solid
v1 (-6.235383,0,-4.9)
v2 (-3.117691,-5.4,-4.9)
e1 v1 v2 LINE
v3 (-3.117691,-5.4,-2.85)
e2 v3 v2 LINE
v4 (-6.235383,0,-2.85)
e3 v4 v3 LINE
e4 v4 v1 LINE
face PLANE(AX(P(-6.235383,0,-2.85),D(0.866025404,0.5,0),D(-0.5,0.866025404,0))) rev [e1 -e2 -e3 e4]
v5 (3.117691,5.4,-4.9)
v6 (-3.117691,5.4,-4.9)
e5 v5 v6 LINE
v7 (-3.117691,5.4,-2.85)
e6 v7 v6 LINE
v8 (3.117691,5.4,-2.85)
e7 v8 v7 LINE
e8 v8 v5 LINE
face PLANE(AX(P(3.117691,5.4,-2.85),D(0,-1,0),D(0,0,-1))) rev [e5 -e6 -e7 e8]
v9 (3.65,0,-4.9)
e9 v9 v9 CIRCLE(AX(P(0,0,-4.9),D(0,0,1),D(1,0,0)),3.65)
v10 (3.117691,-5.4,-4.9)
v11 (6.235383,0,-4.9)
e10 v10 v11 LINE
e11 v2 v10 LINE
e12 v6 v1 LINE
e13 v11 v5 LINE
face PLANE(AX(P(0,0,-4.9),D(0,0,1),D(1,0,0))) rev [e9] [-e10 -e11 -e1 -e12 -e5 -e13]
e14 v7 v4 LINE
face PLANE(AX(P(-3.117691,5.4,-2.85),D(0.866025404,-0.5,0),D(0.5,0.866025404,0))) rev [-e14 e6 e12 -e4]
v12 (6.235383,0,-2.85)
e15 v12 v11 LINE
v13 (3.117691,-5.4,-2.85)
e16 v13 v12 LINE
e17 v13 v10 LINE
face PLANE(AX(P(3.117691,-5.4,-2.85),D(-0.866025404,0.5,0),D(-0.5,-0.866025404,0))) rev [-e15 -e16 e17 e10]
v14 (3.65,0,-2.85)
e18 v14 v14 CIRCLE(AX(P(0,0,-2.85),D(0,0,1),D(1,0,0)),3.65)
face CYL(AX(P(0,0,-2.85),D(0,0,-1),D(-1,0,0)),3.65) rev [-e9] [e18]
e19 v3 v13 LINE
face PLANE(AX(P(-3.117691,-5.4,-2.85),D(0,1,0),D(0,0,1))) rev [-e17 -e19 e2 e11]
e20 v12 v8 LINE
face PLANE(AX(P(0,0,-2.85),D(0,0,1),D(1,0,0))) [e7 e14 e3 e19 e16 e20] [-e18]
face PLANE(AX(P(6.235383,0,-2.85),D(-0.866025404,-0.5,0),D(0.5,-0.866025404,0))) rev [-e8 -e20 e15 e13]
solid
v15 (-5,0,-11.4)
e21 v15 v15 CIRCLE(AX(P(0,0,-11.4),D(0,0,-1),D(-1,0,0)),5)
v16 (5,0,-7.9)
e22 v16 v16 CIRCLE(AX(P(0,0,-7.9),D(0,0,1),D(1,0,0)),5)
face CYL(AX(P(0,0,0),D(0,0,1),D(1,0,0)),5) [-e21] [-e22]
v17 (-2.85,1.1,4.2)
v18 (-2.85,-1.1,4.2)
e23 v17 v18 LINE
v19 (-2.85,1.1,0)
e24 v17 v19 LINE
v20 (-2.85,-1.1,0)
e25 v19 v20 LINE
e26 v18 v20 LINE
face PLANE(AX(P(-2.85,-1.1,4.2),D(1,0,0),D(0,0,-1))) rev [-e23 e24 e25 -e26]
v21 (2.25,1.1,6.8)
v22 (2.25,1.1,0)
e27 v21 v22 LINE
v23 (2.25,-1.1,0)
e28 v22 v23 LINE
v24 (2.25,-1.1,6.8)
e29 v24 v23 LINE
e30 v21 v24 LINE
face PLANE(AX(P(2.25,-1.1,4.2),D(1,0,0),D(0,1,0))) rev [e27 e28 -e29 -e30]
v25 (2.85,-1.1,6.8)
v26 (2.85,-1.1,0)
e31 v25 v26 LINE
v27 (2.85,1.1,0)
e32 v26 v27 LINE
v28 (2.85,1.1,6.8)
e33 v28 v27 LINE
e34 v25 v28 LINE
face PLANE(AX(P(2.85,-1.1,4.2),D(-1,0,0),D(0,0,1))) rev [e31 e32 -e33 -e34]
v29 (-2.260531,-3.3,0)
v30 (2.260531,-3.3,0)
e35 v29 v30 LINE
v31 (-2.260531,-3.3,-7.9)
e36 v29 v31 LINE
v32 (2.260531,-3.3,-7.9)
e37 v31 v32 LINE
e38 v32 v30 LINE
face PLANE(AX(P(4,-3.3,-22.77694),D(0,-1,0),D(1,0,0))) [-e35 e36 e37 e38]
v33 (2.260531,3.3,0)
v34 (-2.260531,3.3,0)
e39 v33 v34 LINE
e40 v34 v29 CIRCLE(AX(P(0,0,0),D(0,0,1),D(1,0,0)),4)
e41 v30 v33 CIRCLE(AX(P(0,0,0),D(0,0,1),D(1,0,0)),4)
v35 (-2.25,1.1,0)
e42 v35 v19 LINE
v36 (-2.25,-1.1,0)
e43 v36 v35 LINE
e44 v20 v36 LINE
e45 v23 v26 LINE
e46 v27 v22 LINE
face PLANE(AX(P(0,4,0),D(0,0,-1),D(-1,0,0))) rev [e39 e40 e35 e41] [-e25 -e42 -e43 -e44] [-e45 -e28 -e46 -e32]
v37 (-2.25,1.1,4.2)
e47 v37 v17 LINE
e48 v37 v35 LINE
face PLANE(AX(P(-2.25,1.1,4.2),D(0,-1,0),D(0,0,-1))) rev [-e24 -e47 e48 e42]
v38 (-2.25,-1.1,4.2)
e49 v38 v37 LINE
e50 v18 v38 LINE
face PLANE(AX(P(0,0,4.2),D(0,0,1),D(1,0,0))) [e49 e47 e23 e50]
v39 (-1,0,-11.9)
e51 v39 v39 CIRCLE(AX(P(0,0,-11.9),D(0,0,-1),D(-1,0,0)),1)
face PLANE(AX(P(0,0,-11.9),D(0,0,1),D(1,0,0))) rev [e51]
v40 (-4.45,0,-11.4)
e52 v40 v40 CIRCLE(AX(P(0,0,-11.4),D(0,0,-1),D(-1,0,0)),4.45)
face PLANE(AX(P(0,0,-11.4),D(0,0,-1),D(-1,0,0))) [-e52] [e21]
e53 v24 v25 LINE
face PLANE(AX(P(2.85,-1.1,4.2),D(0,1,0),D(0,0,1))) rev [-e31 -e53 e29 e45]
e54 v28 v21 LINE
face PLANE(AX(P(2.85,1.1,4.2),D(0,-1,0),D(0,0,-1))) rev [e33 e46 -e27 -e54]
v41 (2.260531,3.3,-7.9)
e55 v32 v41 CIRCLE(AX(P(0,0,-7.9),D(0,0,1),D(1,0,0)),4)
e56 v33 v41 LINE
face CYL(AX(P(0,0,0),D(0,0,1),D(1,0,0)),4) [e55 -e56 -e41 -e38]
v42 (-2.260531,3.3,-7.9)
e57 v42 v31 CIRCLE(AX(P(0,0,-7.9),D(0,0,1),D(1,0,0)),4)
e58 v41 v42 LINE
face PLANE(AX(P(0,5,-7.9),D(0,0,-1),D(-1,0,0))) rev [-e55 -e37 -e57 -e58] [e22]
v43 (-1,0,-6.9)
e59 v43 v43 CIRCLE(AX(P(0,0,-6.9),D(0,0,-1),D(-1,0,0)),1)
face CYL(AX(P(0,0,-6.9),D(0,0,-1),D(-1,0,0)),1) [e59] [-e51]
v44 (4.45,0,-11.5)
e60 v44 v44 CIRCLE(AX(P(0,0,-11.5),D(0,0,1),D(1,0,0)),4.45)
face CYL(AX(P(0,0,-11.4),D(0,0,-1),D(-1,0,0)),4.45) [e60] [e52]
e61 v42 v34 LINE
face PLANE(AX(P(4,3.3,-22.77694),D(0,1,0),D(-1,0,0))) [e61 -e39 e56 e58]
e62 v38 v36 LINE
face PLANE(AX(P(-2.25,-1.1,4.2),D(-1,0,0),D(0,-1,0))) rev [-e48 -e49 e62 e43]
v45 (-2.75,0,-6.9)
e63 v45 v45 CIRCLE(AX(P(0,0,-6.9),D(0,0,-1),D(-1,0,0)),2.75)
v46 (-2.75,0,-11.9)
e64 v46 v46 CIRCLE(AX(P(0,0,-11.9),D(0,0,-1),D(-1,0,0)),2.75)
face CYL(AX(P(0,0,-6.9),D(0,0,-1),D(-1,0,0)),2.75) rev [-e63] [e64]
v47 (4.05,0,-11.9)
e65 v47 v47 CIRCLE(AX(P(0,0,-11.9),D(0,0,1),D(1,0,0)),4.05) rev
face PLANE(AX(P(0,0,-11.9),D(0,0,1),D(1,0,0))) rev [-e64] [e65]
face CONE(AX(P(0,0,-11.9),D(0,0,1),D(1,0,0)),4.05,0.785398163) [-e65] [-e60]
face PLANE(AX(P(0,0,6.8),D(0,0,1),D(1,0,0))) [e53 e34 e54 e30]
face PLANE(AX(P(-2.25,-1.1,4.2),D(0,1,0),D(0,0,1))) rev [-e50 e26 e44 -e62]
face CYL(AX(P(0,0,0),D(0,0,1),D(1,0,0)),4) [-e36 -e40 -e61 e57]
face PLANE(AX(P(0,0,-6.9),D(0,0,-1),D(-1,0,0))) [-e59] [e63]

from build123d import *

# Parameters (mm, degrees)
SKETCH_4_W           = 0.6
SKETCH_4_H           = 2.2
EXTRUDE_2_DEPTH      = 4.2
SKETCH_5_W           = 0.6
SKETCH_5_H           = 2.2
EXTRUDE_3_DEPTH      = 2.6
SKETCH_7_R           = 2.75
SKETCH_7_R_2         = 1
CUT_EXTRUDE_2_DEPTH  = 5
SKETCH_8_R           = 5
SKETCH_8_R_2         = 4.45
CUT_EXTRUDE_3_DEPTH  = 0.5
CHAMFER_1_SIZE       = 0.4
SKETCH_9_OUTSIDE_W   = 16.69
SKETCH_9_OUTSIDE_H   = 16.69
SKETCH_9_OUTSIDE_W_2 = 8
SKETCH_9_OUTSIDE_H_2 = 6.6
CUT_EXTRUDE_4_DEPTH  = 7.9
EXTRUDE_START        = 3
SKETCH_10_R          = 3.65
EXTRUDE_4_DEPTH      = 2.05


with BuildPart() as part:
    # Эскиз3 → Повернуть1 (revolve)
    with BuildSketch(Plane(origin=(0, 0, 0), x_dir=(0, 0, -1), z_dir=(1, 0, 0))):
        Polygon((11.9, 0), (11.9, 5), (7.9, 5), (7.9, 4), (0, 4), (0, 0), align=None)
    revolve(axis=Axis((0, 0, 0), (0, 0, -1)))

    # Эскиз4 → Бобышка-Вытянуть2 (add)
    with BuildSketch(Plane.XY):
        with Locations((-2.55, 0)):
            Rectangle(SKETCH_4_W, SKETCH_4_H)
        with Locations((2.55, 0)):
            Rectangle(SKETCH_4_W, SKETCH_4_H)
    extrude(amount=EXTRUDE_2_DEPTH)

    # Эскиз5 → Бобышка-Вытянуть3 (add)
    with BuildSketch(Plane.XY.offset(4.2)):
        with Locations((2.55, 0)):
            Rectangle(SKETCH_5_W, SKETCH_5_H)
    extrude(amount=EXTRUDE_3_DEPTH)

    # Эскиз7 → Вырез-Вытянуть2 (cut)
    with BuildSketch(Plane(origin=(0, 0, -11.9), x_dir=(-1, 0, 0), z_dir=(0, 0, -1))):
        Circle(SKETCH_7_R)
        Circle(SKETCH_7_R_2, mode=Mode.SUBTRACT)
    extrude(amount=-CUT_EXTRUDE_2_DEPTH, mode=Mode.SUBTRACT)

    # Эскиз8 → Вырез-Вытянуть3 (cut)
    with BuildSketch(Plane(origin=(0, 0, -11.9), x_dir=(-1, 0, 0), z_dir=(0, 0, -1))):
        Circle(SKETCH_8_R)
        Circle(SKETCH_8_R_2, mode=Mode.SUBTRACT)
    extrude(amount=-CUT_EXTRUDE_3_DEPTH, mode=Mode.SUBTRACT)

    # Фаска1
    chamfer_1_edges = [part.edges().sort_by_distance(p)[0] for p in [
        (4.45, 0, -11.9),
    ]]
    chamfer(chamfer_1_edges, length=CHAMFER_1_SIZE)

    # Эскиз9 outside → Вырез-Вытянуть4 (cut)
    with BuildSketch(Plane.XY):
        Rectangle(SKETCH_9_OUTSIDE_W, SKETCH_9_OUTSIDE_H)
        Rectangle(SKETCH_9_OUTSIDE_W_2, SKETCH_9_OUTSIDE_H_2, mode=Mode.SUBTRACT)
    extrude(amount=-CUT_EXTRUDE_4_DEPTH, mode=Mode.SUBTRACT)


with BuildPart() as body_2:
    # Эскиз10 → Бобышка-Вытянуть4 (new body)
    with BuildSketch(Plane.XY.offset(-7.9).offset(EXTRUDE_START)):
        Polygon((-6.235382907, 0), (-3.117691454, -5.4), (3.117691454, -5.4), (6.235382907, 0), (3.117691454, 5.4), (-3.117691454, 5.4), align=None)
        Circle(SKETCH_10_R, mode=Mode.SUBTRACT)
    extrude(amount=EXTRUDE_4_DEPTH)


solid = Compound([part.part, body_2.part])
